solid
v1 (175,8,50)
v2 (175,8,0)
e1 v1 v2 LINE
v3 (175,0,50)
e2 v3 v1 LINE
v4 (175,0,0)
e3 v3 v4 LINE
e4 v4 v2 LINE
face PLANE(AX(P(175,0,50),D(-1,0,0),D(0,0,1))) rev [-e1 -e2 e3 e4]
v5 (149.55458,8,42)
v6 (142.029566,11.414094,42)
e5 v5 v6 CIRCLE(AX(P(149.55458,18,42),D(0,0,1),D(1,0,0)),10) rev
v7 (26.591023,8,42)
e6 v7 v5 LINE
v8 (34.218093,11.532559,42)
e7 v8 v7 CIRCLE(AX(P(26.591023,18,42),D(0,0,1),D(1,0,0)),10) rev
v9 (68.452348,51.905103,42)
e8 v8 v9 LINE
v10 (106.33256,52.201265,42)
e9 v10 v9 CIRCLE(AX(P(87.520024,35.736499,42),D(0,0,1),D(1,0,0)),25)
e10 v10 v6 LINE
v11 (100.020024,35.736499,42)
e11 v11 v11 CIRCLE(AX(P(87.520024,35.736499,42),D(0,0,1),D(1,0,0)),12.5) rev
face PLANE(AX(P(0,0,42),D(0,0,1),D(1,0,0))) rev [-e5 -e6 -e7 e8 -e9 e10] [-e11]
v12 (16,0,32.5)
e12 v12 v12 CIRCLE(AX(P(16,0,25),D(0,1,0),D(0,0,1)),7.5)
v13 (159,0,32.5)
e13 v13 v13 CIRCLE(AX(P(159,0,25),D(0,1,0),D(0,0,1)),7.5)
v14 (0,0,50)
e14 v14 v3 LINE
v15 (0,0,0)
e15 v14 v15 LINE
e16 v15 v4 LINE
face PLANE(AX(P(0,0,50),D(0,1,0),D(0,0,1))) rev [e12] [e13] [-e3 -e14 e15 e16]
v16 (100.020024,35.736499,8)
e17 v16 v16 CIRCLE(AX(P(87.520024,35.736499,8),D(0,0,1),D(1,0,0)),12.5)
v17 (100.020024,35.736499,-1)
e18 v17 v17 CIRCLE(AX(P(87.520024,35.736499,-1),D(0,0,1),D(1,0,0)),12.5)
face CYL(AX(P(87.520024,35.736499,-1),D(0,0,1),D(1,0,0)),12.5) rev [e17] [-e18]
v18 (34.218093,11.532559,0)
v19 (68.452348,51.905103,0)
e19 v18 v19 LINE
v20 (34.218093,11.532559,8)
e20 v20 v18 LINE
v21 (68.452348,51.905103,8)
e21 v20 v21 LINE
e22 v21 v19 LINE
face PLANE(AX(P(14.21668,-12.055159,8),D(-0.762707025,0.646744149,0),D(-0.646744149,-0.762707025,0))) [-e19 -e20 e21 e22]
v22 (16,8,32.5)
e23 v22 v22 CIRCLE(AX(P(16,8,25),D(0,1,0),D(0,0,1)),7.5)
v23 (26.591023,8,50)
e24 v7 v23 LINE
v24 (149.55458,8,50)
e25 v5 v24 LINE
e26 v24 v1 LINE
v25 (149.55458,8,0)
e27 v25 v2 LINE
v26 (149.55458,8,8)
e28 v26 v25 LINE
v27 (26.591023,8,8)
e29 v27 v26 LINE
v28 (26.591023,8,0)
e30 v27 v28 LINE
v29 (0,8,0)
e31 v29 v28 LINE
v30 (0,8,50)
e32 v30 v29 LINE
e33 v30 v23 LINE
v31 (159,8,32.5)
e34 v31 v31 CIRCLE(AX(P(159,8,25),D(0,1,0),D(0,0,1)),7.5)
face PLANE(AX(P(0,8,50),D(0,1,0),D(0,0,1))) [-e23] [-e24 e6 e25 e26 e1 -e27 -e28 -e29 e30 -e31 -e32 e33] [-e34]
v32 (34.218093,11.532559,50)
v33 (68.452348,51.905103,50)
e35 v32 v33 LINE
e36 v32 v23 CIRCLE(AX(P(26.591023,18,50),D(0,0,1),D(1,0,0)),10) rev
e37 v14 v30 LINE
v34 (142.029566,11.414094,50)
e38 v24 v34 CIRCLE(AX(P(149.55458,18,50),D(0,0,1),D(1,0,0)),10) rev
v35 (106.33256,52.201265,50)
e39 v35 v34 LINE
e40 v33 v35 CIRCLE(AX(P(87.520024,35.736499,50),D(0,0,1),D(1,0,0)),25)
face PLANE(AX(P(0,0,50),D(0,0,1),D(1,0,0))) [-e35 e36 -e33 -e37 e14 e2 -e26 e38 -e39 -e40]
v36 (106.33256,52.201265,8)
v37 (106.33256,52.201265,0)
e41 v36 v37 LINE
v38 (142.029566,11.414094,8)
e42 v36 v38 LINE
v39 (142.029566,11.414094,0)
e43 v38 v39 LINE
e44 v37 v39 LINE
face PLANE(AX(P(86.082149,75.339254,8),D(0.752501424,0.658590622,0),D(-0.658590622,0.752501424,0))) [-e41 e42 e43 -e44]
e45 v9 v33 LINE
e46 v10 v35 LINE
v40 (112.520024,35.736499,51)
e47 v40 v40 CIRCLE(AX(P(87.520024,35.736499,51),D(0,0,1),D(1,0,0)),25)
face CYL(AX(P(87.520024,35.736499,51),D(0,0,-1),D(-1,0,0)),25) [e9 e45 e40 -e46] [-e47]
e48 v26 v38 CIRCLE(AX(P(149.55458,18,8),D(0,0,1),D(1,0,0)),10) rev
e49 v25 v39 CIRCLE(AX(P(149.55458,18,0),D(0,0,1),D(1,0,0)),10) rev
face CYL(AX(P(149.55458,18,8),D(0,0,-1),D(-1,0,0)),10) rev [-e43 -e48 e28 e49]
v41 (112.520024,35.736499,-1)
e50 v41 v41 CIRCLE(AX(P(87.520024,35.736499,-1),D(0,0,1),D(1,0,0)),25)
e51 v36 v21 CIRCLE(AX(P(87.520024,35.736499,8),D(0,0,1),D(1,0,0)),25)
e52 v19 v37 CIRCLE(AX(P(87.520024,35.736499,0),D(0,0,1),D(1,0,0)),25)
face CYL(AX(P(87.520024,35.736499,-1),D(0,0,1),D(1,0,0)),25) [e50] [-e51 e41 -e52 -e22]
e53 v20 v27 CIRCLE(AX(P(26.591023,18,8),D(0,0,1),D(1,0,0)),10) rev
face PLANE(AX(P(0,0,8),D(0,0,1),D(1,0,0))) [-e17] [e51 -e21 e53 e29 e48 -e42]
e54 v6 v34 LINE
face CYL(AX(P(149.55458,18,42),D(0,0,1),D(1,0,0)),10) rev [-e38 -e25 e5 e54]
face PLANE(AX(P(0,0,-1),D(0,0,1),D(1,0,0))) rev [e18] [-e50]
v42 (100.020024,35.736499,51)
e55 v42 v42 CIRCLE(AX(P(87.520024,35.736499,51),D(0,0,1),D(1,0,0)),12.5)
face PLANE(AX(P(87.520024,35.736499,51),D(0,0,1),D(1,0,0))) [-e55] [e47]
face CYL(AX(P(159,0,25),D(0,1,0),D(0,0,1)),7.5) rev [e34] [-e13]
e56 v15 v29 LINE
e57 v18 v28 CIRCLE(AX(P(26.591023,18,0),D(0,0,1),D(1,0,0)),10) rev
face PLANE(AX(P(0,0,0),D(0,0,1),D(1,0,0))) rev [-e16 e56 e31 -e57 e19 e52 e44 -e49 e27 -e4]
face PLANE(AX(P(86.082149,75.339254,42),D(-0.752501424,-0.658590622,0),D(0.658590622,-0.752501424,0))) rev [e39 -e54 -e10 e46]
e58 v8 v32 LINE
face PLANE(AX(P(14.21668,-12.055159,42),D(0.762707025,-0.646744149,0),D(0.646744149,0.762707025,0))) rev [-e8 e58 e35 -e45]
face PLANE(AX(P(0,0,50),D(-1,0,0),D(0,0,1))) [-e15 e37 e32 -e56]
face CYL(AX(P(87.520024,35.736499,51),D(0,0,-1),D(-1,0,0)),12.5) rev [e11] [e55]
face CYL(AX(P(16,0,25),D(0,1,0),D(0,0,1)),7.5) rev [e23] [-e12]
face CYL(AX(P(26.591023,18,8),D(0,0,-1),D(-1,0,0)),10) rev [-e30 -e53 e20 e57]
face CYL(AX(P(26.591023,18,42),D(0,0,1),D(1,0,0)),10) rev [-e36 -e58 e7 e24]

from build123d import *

# Parameters (mm, degrees)
BOSS_EXTRUDE1_DEPTH     = 50
BOSS_EXTRUDE3_DEPTH     = 8
BOSS_EXTRUDE4_START     = 42
BOSS_EXTRUDE4_DEPTH     = 8
BOSS_EXTRUDE5_START     = -1
SKETCH1_6_R             = 25
SKETCH1_6_R_2           = 12.5
BOSS_EXTRUDE5_DEPTH     = 9
BOSS_EXTRUDE7_START     = 42
SKETCH1_8_R             = 25
BOSS_EXTRUDE7_DEPTH     = 9
CUT_EXTRUDE1_DEPTH      = 193.132564476
CUT_EXTRUDE1_DEPTH_BACK = 193.132564476
SKETCH1_10_R            = 12.5
CUT_EXTRUDE2_DEPTH      = 190.755469869
CUT_EXTRUDE2_DEPTH_BACK = 190.755469869
SKETCH2_R               = 7.5


with BuildPart() as part:
    # Sketch1 → Boss-Extrude1 (new body)
    with BuildSketch(Plane.XY):
        Polygon((26.59102299, 8), (149.554580342, 8), (175, 8), (175, 0), (0, 0), (0, 8), align=None)
    extrude(amount=BOSS_EXTRUDE1_DEPTH)

    # Sketch1<4> → Boss-Extrude3 (add)
    with BuildSketch(Plane.XY):
        with BuildLine():
            ThreePointArc((34.21809324, 11.532558512), (30.793735514, 8.926014798), (26.59102299, 8))
            Line((26.59102299, 8), (149.554580342, 8))
            ThreePointArc((149.554580342, 8), (145.422937943, 8.893434726), (142.029566102, 11.414093784))
            Line((142.029566102, 11.414093784), (106.332559555, 52.201264717))
            ThreePointArc((106.332559555, 52.201264717), (110.922089996, 44.531003426), (112.520023955, 35.736499176))
            ThreePointArc((112.520023955, 35.736499176), (78.908749097, 12.266391692), (68.45234833, 51.905102896))
            Line((68.45234833, 51.905102896), (34.21809324, 11.532558512))
        make_face()
    extrude(amount=BOSS_EXTRUDE3_DEPTH)

    # Sketch1<5> → Boss-Extrude4 (add)
    with BuildSketch(Plane.XY.offset(BOSS_EXTRUDE4_START)):
        with BuildLine():
            ThreePointArc((34.21809324, 11.532558512), (30.793735514, 8.926014798), (26.59102299, 8))
            Line((26.59102299, 8), (149.554580342, 8))
            ThreePointArc((149.554580342, 8), (145.422937943, 8.893434726), (142.029566102, 11.414093784))
            Line((142.029566102, 11.414093784), (106.332559555, 52.201264717))
            ThreePointArc((106.332559555, 52.201264717), (110.922089996, 44.531003426), (112.520023955, 35.736499176))
            ThreePointArc((112.520023955, 35.736499176), (78.908749097, 12.266391692), (68.45234833, 51.905102896))
            Line((68.45234833, 51.905102896), (34.21809324, 11.532558512))
        make_face()
    extrude(amount=BOSS_EXTRUDE4_DEPTH)

    # Sketch1<6> → Boss-Extrude5 (add)
    with BuildSketch(Plane.XY.offset(BOSS_EXTRUDE5_START)):
        with Locations((87.520023955, 35.736499176)):
            Circle(SKETCH1_6_R)
        with Locations((87.520023955, 35.736499176)):
            Circle(SKETCH1_6_R_2, mode=Mode.SUBTRACT)
    extrude(amount=BOSS_EXTRUDE5_DEPTH)

    # Sketch1<8> → Boss-Extrude7 (add)
    with BuildSketch(Plane.XY.offset(BOSS_EXTRUDE7_START)):
        with Locations((87.520023955, 35.736499176)):
            Circle(SKETCH1_8_R)
    extrude(amount=BOSS_EXTRUDE7_DEPTH)

    # Sketch1<10> → Cut-Extrude1 (cut, two sides: drawn at the far end of the back side and taken through both)
    with BuildSketch(Plane.XY.offset(-CUT_EXTRUDE1_DEPTH_BACK)):
        with Locations((87.520023955, 35.736499176)):
            Circle(SKETCH1_10_R)
    extrude(amount=CUT_EXTRUDE1_DEPTH + CUT_EXTRUDE1_DEPTH_BACK, mode=Mode.SUBTRACT)

    # Sketch2 → Cut-Extrude2 (cut, two sides: drawn at the far end of the back side and taken through both)
    with BuildSketch(Plane(origin=(0, 8, 0), x_dir=(1, 0, 0), z_dir=(0, 1, 0)).offset(-CUT_EXTRUDE2_DEPTH_BACK)):
        with Locations(Location((16, -25, 0), (0, 0, 270))):
            Circle(SKETCH2_R)
        with Locations(Location((159, -25, 0), (0, 0, 270))):
            Circle(SKETCH2_R)
    extrude(amount=CUT_EXTRUDE2_DEPTH + CUT_EXTRUDE2_DEPTH_BACK, mode=Mode.SUBTRACT)


solid = part.part
